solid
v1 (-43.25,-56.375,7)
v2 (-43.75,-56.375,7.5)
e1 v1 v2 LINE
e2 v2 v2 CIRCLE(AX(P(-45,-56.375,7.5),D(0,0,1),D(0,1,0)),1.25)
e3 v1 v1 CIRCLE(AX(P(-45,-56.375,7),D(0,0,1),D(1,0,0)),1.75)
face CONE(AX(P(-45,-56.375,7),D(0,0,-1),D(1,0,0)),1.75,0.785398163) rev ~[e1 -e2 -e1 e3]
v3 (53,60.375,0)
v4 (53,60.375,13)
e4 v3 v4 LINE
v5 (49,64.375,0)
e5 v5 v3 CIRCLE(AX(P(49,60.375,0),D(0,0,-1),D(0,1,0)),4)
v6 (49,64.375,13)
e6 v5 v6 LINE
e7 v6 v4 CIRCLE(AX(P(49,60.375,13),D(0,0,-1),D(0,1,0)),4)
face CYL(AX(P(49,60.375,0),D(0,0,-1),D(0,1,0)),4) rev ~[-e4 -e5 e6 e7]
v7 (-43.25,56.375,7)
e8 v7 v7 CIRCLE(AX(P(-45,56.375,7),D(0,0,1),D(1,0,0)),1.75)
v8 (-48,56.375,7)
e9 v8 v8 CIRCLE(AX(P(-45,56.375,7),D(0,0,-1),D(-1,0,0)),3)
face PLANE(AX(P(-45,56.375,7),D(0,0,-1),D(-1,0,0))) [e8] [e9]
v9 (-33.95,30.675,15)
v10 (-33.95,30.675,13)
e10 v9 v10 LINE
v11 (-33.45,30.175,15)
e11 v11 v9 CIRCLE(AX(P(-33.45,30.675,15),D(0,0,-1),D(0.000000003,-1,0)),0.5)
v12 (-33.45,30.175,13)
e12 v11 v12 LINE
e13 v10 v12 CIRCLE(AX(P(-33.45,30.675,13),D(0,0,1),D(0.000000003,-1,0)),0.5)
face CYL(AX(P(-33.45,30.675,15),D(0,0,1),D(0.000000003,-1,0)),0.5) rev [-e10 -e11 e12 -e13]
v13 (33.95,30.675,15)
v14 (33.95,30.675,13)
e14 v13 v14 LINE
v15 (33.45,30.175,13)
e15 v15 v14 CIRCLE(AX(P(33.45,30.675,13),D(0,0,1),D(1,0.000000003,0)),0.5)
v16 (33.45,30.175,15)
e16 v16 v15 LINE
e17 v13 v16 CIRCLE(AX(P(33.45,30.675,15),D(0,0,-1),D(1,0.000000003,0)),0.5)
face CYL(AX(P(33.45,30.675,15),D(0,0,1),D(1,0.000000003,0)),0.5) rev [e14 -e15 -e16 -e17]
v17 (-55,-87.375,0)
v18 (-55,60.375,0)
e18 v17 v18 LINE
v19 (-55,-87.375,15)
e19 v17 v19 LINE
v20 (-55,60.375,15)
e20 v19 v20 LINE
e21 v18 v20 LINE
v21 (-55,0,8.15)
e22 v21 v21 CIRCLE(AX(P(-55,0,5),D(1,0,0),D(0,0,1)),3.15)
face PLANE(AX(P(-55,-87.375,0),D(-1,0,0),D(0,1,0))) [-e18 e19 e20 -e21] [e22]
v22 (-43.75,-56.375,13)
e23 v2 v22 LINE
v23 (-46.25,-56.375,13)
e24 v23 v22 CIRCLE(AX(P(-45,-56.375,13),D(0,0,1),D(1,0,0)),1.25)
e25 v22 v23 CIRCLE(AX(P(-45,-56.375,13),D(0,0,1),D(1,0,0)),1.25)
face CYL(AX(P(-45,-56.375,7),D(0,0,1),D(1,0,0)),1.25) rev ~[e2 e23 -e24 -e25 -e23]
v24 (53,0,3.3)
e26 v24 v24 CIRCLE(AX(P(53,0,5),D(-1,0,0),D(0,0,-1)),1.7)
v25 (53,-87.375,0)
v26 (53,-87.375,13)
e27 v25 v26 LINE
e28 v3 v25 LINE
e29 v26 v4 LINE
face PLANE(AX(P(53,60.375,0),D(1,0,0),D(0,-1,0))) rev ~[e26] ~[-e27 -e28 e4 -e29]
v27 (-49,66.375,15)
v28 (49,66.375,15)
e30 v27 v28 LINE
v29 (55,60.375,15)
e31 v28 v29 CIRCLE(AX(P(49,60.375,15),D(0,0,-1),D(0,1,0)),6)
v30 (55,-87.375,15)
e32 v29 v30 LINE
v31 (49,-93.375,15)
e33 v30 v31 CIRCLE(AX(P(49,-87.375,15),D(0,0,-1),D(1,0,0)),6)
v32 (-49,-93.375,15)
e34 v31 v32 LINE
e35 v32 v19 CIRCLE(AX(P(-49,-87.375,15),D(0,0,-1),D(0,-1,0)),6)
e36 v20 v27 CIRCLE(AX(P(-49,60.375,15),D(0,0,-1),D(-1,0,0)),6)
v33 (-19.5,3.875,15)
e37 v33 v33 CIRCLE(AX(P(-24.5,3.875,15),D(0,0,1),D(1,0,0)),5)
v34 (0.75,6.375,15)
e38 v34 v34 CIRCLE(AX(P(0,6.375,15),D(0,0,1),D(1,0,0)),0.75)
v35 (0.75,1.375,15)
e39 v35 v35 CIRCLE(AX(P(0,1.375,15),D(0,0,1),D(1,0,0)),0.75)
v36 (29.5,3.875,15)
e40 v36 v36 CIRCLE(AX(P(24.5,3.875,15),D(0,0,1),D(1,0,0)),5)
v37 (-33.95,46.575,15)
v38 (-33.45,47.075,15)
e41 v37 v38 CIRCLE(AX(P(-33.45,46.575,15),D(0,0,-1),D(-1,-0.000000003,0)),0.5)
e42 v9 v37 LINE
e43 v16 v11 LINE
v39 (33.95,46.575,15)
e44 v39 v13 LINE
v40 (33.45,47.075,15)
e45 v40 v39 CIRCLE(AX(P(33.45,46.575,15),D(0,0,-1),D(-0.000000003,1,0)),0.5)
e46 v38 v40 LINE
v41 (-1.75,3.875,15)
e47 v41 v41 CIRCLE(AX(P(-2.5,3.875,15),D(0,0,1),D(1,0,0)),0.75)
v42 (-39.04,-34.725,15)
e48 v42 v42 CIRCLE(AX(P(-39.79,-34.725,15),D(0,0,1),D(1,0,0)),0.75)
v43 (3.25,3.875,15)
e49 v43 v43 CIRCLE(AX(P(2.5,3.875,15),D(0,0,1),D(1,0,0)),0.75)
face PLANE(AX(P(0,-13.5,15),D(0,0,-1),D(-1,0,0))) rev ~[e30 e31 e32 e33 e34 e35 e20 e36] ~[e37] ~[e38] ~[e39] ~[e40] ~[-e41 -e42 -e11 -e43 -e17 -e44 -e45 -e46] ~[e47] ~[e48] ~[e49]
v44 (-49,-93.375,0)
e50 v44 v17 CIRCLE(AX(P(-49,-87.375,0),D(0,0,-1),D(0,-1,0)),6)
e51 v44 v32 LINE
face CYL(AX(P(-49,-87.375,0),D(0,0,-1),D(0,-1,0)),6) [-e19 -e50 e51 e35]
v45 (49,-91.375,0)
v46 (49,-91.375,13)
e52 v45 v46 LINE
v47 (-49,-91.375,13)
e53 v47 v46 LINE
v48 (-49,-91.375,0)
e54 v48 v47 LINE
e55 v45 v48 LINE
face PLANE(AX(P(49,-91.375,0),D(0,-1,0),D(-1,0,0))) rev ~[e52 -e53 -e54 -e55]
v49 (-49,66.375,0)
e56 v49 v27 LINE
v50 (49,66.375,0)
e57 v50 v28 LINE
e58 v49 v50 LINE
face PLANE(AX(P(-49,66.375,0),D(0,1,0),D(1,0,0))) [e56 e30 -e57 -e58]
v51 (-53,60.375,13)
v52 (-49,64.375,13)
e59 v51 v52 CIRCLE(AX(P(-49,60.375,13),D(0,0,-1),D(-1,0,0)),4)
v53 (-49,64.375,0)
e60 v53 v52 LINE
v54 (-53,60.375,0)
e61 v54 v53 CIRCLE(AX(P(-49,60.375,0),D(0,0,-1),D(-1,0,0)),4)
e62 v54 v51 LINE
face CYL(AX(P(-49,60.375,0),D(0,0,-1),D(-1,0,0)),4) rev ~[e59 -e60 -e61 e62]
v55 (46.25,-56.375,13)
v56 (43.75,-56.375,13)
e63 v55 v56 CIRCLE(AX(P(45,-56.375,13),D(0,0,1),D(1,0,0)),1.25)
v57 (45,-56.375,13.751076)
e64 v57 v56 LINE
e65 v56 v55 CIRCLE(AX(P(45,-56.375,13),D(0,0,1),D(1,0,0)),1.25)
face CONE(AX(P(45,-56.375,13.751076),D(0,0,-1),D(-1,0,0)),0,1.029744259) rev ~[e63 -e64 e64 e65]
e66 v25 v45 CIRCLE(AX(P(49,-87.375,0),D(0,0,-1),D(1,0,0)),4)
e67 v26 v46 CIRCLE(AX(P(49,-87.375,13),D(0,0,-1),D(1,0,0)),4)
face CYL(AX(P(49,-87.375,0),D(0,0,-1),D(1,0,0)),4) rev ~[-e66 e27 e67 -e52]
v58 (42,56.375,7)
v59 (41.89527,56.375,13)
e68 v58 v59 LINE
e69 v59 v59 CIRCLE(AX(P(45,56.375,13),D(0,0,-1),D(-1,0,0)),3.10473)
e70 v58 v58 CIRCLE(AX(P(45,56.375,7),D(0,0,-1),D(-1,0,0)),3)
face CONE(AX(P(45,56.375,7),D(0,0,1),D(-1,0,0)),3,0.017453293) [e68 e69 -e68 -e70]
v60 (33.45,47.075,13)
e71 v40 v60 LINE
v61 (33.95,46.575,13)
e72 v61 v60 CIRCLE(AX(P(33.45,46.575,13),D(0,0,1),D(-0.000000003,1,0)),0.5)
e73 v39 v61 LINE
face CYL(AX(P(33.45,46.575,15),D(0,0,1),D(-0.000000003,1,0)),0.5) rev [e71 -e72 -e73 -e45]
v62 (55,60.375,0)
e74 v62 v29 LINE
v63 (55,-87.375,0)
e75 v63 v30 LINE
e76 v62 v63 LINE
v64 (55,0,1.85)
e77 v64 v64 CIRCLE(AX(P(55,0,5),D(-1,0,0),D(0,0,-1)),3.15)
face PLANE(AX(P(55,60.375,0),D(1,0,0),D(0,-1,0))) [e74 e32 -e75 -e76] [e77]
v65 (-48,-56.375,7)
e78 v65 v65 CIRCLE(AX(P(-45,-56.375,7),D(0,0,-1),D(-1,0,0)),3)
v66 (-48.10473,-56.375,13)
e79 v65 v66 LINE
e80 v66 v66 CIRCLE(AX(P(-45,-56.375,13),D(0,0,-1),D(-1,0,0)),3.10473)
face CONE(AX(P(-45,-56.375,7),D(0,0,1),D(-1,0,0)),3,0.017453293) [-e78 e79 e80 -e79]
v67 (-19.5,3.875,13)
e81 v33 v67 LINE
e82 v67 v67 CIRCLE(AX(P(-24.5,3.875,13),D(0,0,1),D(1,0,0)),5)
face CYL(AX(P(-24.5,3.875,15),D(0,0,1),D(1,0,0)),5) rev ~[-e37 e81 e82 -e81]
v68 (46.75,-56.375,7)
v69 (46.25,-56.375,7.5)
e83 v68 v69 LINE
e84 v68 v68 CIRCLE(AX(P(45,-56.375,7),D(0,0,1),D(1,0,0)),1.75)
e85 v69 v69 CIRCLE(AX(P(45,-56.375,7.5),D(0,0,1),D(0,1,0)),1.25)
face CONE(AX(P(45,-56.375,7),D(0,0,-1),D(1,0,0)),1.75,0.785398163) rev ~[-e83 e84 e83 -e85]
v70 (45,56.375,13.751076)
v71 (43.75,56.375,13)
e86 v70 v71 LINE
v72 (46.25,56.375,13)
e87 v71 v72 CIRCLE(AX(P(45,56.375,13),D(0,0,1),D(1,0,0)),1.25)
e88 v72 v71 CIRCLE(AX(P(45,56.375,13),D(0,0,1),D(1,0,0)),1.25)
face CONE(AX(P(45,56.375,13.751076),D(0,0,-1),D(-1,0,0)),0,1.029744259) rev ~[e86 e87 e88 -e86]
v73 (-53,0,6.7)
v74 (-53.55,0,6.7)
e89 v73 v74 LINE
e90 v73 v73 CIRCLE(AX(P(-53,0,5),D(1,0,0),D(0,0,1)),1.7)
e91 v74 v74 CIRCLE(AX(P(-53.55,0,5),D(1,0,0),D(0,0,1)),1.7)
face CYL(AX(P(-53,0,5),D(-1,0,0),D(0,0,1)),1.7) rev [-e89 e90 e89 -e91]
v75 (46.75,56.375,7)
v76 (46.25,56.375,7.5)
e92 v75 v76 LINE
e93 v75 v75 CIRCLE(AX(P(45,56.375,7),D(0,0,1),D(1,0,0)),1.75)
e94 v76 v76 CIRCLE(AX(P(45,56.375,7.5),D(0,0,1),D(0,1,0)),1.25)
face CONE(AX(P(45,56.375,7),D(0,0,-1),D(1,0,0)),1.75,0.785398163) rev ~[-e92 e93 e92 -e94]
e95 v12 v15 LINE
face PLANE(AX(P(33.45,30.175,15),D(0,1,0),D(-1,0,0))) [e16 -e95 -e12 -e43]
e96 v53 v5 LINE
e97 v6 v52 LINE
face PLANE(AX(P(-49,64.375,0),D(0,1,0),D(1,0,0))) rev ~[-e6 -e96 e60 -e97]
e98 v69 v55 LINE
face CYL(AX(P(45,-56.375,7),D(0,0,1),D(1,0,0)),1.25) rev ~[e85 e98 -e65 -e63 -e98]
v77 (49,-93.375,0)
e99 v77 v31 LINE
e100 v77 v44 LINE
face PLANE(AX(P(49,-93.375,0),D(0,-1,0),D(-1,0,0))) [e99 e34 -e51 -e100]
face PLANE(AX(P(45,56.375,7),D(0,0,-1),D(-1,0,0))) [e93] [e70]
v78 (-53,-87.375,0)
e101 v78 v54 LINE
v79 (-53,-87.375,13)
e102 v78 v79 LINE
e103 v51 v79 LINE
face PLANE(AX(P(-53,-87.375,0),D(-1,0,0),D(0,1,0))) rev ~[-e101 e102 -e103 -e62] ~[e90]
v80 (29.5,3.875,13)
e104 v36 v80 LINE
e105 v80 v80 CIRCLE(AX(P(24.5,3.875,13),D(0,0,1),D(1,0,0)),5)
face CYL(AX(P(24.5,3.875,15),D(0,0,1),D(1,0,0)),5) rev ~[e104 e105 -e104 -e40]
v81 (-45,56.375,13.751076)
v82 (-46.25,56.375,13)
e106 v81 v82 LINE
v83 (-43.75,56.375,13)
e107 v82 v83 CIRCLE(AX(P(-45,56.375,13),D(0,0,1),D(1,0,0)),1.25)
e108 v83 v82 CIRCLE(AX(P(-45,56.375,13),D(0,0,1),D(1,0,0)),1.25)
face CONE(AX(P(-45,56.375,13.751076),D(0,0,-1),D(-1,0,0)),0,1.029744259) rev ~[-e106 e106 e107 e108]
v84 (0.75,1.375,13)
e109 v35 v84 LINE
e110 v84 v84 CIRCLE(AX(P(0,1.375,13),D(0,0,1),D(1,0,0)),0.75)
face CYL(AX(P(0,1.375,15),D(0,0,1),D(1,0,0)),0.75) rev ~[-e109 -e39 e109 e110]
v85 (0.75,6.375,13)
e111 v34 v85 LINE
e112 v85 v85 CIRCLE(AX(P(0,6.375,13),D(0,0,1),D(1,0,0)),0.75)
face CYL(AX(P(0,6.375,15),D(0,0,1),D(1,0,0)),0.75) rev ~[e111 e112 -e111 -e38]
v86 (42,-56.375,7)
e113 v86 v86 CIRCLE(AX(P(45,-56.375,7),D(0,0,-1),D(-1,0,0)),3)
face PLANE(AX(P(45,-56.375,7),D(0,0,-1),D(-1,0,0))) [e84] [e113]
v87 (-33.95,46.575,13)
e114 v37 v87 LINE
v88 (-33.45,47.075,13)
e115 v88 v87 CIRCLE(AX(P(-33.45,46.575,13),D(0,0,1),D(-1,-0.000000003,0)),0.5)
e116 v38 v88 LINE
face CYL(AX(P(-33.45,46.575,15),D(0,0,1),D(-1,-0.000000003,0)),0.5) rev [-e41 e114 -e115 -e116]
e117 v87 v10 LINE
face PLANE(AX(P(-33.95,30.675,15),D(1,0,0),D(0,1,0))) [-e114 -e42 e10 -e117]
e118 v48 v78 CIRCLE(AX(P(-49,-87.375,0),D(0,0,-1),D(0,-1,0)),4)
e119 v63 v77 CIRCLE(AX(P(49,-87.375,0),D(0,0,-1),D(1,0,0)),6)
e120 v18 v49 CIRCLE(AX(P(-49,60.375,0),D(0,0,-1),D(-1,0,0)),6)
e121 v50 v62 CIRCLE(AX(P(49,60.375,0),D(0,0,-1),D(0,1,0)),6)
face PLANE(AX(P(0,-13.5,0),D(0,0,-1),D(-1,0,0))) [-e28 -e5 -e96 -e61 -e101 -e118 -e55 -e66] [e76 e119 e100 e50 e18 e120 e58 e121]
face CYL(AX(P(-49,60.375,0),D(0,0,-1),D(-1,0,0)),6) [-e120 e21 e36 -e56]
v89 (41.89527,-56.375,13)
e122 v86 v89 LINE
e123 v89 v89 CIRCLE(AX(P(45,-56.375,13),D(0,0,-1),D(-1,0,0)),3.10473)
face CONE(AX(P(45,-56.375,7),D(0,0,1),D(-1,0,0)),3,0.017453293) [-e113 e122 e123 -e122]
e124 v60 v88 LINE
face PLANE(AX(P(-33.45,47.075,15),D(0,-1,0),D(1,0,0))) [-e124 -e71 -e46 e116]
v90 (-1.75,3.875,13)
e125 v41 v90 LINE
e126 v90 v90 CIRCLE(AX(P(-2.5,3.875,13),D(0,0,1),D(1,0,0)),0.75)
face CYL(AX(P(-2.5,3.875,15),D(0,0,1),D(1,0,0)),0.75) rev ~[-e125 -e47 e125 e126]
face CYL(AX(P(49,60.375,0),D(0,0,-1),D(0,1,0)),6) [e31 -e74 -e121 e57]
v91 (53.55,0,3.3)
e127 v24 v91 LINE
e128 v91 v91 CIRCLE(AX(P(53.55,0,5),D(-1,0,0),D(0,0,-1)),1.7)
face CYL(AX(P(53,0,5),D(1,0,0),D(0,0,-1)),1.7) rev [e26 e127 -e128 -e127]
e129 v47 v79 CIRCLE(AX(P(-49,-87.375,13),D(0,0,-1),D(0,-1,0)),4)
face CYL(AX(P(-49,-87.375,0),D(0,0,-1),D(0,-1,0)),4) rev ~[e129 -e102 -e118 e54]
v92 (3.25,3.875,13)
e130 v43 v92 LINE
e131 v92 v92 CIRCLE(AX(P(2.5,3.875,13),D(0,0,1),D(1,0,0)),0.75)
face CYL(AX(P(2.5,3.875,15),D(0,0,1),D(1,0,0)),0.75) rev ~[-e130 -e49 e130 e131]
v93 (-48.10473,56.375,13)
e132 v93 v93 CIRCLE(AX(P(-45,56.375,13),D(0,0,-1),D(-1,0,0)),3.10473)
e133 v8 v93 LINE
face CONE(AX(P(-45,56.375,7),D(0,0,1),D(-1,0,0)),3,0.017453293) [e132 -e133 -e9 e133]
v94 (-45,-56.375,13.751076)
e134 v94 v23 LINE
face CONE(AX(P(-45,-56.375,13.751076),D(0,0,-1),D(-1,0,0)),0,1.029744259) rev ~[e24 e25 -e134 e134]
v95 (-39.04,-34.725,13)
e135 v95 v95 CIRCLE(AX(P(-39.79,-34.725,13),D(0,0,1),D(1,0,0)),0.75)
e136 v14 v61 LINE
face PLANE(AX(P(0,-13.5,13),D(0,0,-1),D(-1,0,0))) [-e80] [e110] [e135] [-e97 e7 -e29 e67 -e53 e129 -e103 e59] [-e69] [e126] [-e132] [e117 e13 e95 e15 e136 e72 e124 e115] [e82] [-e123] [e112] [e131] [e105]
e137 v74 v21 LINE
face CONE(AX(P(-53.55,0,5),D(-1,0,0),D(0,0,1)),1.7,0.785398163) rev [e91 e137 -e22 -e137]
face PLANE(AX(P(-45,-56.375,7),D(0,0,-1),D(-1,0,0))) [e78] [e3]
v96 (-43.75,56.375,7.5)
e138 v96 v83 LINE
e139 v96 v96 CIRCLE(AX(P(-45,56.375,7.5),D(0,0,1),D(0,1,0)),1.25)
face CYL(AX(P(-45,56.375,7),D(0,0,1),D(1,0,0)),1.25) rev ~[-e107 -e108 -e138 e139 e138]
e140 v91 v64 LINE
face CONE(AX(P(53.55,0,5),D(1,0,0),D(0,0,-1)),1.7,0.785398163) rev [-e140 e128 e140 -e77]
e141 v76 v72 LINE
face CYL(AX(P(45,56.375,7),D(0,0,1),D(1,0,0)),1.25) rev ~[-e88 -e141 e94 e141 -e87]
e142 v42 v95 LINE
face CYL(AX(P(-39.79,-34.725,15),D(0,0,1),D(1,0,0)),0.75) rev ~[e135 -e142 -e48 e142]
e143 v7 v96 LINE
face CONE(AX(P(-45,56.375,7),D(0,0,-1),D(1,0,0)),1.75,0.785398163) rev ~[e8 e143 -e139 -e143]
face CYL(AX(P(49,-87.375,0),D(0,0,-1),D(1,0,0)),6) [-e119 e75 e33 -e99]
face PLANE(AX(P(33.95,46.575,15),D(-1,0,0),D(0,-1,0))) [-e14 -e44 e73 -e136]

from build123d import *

# Parameters (mm, degrees)
BOSS_EXTRUDE1_DEPTH         = 15
SHELL1_T                    = -2
SKETCH3_R                   = 5
CUT_EXTRUDE1_DEPTH          = 110.402425133
BOSS_EXTRUDE2_REACH         = 110.664
SKETCH4_R                   = 3
BOSS_EXTRUDE2_DRAFT         = 1
M3_TAPPED_HOLE1_D           = 2.5
M3_TAPPED_HOLE1_DEPTH       = 6
M3_TAPPED_HOLE1_CSINK_D     = 3.5
M3_TAPPED_HOLE1_CSINK_ANGLE = 90
M3_TAPPED_HOLE1_TIP         = 0.751075774
SKETCH14_R                  = 0.75
CUT_EXTRUDE3_DEPTH          = 10
SKETCH20_R                  = 0.75
CUT_EXTRUDE4_DEPTH          = 10


with BuildPart() as part:
    # Sketch1 → Boss-Extrude1 (new body)
    with BuildSketch(Plane.XY):
        with BuildLine():
            Line((-49, 66.375), (49, 66.375))
            ThreePointArc((49, 66.375), (53.242640687, 64.617640687), (55, 60.375))
            Line((55, 60.375), (55, -87.375))
            ThreePointArc((55, -87.375), (53.242640687, -91.617640687), (49, -93.375))
            Line((49, -93.375), (-49, -93.375))
            ThreePointArc((-49, -93.375), (-53.242640687, -91.617640687), (-55, -87.375))
            Line((-55, -87.375), (-55, 60.375))
            ThreePointArc((-55, 60.375), (-53.242640687, 64.617640687), (-49, 66.375))
        make_face()
    extrude(amount=BOSS_EXTRUDE1_DEPTH)

    # Shell1
    shell1_openings = [part.faces().sort_by_distance(p)[0] for p in [
        (0, -13.5, 0),
    ]]
    offset(amount=SHELL1_T, openings=shell1_openings, kind=Kind.INTERSECTION)

    # Sketch3 → Cut-Extrude1 (cut, through all)
    with BuildSketch(Plane.XY.offset(15)):
        with Locations((-24.5, 3.875)):
            Circle(SKETCH3_R)
        with Locations((24.5, 3.875)):
            Circle(SKETCH3_R)
        with BuildLine():
            Line((-33.45, 47.075), (33.45, 47.075))
            ThreePointArc((33.45, 47.075), (33.803553391, 46.928553391), (33.95, 46.575))
            Line((33.95, 46.575), (33.95, 30.675))
            ThreePointArc((33.95, 30.675), (33.803553391, 30.321446609), (33.45, 30.175))
            Line((33.45, 30.175), (-33.45, 30.175))
            ThreePointArc((-33.45, 30.175), (-33.803553391, 30.321446609), (-33.95, 30.675))
            Line((-33.95, 30.675), (-33.95, 46.575))
            ThreePointArc((-33.95, 46.575), (-33.803553391, 46.928553391), (-33.45, 47.075))
        make_face()
    extrude(amount=-CUT_EXTRUDE1_DEPTH, mode=Mode.SUBTRACT)




with BuildPart() as boss_extrude2_long_prism_1:
    # Sketch4 → Boss-Extrude2 (the long prism of profile 1, to be tilted and cut off)
    with BuildSketch(Plane(origin=(0, 0, 7), x_dir=(-1, 0, 0), z_dir=(0, 0, -1))):
        with Locations((-45, 56.375)):
            Circle(SKETCH4_R)
    extrude(amount=-BOSS_EXTRUDE2_REACH)
    boss_extrude2_tool1_sides = [boss_extrude2_long_prism_1.faces().sort_by_distance(p)[0] for p in [
        (48, 56.375, 62.332),
    ]]
    draft(boss_extrude2_tool1_sides, Plane(origin=(0, 0, 7), x_dir=(-1, 0, 0), z_dir=(0, 0, -1)), BOSS_EXTRUDE2_DRAFT)  # the draft: side faces tilted about the start plane


with BuildPart() as part_1:
    add(part.part)
    boss_extrude2_tool1 = boss_extrude2_long_prism_1.part - part.part



with BuildPart() as boss_extrude2_long_prism_2:
    # Sketch4 → Boss-Extrude2 (the long prism of profile 2, to be tilted and cut off)
    with BuildSketch(Plane(origin=(0, 0, 7), x_dir=(-1, 0, 0), z_dir=(0, 0, -1))):
        with Locations((-45, -56.375)):
            Circle(SKETCH4_R)
    extrude(amount=-BOSS_EXTRUDE2_REACH)
    boss_extrude2_tool2_sides = [boss_extrude2_long_prism_2.faces().sort_by_distance(p)[0] for p in [
        (48, -56.375, 62.332),
    ]]
    draft(boss_extrude2_tool2_sides, Plane(origin=(0, 0, 7), x_dir=(-1, 0, 0), z_dir=(0, 0, -1)), BOSS_EXTRUDE2_DRAFT)  # the draft: side faces tilted about the start plane


with BuildPart() as part_2:
    add(part_1.part)
    boss_extrude2_tool2 = boss_extrude2_long_prism_2.part - part.part



with BuildPart() as boss_extrude2_long_prism_3:
    # Sketch4 → Boss-Extrude2 (the long prism of profile 3, to be tilted and cut off)
    with BuildSketch(Plane(origin=(0, 0, 7), x_dir=(-1, 0, 0), z_dir=(0, 0, -1))):
        with Locations((45, 56.375)):
            Circle(SKETCH4_R)
    extrude(amount=-BOSS_EXTRUDE2_REACH)
    boss_extrude2_tool3_sides = [boss_extrude2_long_prism_3.faces().sort_by_distance(p)[0] for p in [
        (-42, 56.375, 62.332),
    ]]
    draft(boss_extrude2_tool3_sides, Plane(origin=(0, 0, 7), x_dir=(-1, 0, 0), z_dir=(0, 0, -1)), BOSS_EXTRUDE2_DRAFT)  # the draft: side faces tilted about the start plane


with BuildPart() as part_3:
    add(part_2.part)
    boss_extrude2_tool3 = boss_extrude2_long_prism_3.part - part.part



with BuildPart() as boss_extrude2_long_prism_4:
    # Sketch4 → Boss-Extrude2 (the long prism of profile 4, to be tilted and cut off)
    with BuildSketch(Plane(origin=(0, 0, 7), x_dir=(-1, 0, 0), z_dir=(0, 0, -1))):
        with Locations((45, -56.375)):
            Circle(SKETCH4_R)
    extrude(amount=-BOSS_EXTRUDE2_REACH)
    boss_extrude2_tool4_sides = [boss_extrude2_long_prism_4.faces().sort_by_distance(p)[0] for p in [
        (-42, -56.375, 62.332),
    ]]
    draft(boss_extrude2_tool4_sides, Plane(origin=(0, 0, 7), x_dir=(-1, 0, 0), z_dir=(0, 0, -1)), BOSS_EXTRUDE2_DRAFT)  # the draft: side faces tilted about the start plane


with BuildPart() as part_4:
    add(part_3.part)
    boss_extrude2_tool4 = boss_extrude2_long_prism_4.part - part.part
    add(boss_extrude2_tool1.solids().sort_by_distance((45, 56.375, 7))[0])
    add(boss_extrude2_tool2.solids().sort_by_distance((45, -56.375, 7))[0])
    add(boss_extrude2_tool3.solids().sort_by_distance((-45, 56.375, 7))[0])
    add(boss_extrude2_tool4.solids().sort_by_distance((-45, -56.375, 7))[0])

    # M3 Tapped Hole1
    with Locations(Plane(origin=(0, 0, 7), x_dir=(-1, 0, 0), z_dir=(0, 0, -1))):
        with Locations((-45, 56.375), (45, 56.375), (45, -56.375), (-45, -56.375)):
            CounterSinkHole(M3_TAPPED_HOLE1_D / 2, M3_TAPPED_HOLE1_CSINK_D / 2, depth=M3_TAPPED_HOLE1_DEPTH, counter_sink_angle=M3_TAPPED_HOLE1_CSINK_ANGLE)
            with Locations((0, 0, -(M3_TAPPED_HOLE1_DEPTH + M3_TAPPED_HOLE1_TIP / 2))):  # 118° drill point
                Cone(0, M3_TAPPED_HOLE1_D / 2, M3_TAPPED_HOLE1_TIP, mode=Mode.SUBTRACT)

    # Sketch14 → Cut-Extrude3 (cut)
    with BuildSketch(Plane.XY.offset(15)):
        with Locations((0, 6.375)):
            Circle(SKETCH14_R)
        with Locations((0, 1.375)):
            Circle(SKETCH14_R)
        with Locations((2.5, 3.875)):
            Circle(SKETCH14_R)
        with Locations((-2.5, 3.875)):
            Circle(SKETCH14_R)
    extrude(amount=-CUT_EXTRUDE3_DEPTH, mode=Mode.SUBTRACT)

    # Sketch17 → CSK for M3 Countersunk Flat Head Screw1 (revolve, cut)
    with BuildSketch(Plane(origin=(-55, 0, 5), x_dir=(0, 0, 1), z_dir=(0, 1, 0))):
        Polygon((0, 0), (0, 2), (1.7, 2), (1.7, 1.45), (3.15, 0), align=None)
    revolve(axis=Axis((-61.35, 0, 5), (1, 0, 0)), mode=Mode.SUBTRACT)

    # Sketch19 → CSK SLOT for M3 Countersunk Flat Head Screw1 (revolve, cut)
    with BuildSketch(Plane(origin=(55, 0, 5), x_dir=(0, 0, -1), z_dir=(0, 1, 0))):
        Polygon((0, 0), (0, 2), (1.7, 2), (1.7, 1.45), (3.15, 0), align=None)
    revolve(axis=Axis((61.35, 0, 5), (-1, 0, 0)), mode=Mode.SUBTRACT)

    # Sketch20 → Cut-Extrude4 (cut)
    with BuildSketch(Plane.XY.offset(15)):
        with Locations((-39.79, -34.725)):
            Circle(SKETCH20_R)
    extrude(amount=-CUT_EXTRUDE4_DEPTH, mode=Mode.SUBTRACT)


solid = part_4.part
